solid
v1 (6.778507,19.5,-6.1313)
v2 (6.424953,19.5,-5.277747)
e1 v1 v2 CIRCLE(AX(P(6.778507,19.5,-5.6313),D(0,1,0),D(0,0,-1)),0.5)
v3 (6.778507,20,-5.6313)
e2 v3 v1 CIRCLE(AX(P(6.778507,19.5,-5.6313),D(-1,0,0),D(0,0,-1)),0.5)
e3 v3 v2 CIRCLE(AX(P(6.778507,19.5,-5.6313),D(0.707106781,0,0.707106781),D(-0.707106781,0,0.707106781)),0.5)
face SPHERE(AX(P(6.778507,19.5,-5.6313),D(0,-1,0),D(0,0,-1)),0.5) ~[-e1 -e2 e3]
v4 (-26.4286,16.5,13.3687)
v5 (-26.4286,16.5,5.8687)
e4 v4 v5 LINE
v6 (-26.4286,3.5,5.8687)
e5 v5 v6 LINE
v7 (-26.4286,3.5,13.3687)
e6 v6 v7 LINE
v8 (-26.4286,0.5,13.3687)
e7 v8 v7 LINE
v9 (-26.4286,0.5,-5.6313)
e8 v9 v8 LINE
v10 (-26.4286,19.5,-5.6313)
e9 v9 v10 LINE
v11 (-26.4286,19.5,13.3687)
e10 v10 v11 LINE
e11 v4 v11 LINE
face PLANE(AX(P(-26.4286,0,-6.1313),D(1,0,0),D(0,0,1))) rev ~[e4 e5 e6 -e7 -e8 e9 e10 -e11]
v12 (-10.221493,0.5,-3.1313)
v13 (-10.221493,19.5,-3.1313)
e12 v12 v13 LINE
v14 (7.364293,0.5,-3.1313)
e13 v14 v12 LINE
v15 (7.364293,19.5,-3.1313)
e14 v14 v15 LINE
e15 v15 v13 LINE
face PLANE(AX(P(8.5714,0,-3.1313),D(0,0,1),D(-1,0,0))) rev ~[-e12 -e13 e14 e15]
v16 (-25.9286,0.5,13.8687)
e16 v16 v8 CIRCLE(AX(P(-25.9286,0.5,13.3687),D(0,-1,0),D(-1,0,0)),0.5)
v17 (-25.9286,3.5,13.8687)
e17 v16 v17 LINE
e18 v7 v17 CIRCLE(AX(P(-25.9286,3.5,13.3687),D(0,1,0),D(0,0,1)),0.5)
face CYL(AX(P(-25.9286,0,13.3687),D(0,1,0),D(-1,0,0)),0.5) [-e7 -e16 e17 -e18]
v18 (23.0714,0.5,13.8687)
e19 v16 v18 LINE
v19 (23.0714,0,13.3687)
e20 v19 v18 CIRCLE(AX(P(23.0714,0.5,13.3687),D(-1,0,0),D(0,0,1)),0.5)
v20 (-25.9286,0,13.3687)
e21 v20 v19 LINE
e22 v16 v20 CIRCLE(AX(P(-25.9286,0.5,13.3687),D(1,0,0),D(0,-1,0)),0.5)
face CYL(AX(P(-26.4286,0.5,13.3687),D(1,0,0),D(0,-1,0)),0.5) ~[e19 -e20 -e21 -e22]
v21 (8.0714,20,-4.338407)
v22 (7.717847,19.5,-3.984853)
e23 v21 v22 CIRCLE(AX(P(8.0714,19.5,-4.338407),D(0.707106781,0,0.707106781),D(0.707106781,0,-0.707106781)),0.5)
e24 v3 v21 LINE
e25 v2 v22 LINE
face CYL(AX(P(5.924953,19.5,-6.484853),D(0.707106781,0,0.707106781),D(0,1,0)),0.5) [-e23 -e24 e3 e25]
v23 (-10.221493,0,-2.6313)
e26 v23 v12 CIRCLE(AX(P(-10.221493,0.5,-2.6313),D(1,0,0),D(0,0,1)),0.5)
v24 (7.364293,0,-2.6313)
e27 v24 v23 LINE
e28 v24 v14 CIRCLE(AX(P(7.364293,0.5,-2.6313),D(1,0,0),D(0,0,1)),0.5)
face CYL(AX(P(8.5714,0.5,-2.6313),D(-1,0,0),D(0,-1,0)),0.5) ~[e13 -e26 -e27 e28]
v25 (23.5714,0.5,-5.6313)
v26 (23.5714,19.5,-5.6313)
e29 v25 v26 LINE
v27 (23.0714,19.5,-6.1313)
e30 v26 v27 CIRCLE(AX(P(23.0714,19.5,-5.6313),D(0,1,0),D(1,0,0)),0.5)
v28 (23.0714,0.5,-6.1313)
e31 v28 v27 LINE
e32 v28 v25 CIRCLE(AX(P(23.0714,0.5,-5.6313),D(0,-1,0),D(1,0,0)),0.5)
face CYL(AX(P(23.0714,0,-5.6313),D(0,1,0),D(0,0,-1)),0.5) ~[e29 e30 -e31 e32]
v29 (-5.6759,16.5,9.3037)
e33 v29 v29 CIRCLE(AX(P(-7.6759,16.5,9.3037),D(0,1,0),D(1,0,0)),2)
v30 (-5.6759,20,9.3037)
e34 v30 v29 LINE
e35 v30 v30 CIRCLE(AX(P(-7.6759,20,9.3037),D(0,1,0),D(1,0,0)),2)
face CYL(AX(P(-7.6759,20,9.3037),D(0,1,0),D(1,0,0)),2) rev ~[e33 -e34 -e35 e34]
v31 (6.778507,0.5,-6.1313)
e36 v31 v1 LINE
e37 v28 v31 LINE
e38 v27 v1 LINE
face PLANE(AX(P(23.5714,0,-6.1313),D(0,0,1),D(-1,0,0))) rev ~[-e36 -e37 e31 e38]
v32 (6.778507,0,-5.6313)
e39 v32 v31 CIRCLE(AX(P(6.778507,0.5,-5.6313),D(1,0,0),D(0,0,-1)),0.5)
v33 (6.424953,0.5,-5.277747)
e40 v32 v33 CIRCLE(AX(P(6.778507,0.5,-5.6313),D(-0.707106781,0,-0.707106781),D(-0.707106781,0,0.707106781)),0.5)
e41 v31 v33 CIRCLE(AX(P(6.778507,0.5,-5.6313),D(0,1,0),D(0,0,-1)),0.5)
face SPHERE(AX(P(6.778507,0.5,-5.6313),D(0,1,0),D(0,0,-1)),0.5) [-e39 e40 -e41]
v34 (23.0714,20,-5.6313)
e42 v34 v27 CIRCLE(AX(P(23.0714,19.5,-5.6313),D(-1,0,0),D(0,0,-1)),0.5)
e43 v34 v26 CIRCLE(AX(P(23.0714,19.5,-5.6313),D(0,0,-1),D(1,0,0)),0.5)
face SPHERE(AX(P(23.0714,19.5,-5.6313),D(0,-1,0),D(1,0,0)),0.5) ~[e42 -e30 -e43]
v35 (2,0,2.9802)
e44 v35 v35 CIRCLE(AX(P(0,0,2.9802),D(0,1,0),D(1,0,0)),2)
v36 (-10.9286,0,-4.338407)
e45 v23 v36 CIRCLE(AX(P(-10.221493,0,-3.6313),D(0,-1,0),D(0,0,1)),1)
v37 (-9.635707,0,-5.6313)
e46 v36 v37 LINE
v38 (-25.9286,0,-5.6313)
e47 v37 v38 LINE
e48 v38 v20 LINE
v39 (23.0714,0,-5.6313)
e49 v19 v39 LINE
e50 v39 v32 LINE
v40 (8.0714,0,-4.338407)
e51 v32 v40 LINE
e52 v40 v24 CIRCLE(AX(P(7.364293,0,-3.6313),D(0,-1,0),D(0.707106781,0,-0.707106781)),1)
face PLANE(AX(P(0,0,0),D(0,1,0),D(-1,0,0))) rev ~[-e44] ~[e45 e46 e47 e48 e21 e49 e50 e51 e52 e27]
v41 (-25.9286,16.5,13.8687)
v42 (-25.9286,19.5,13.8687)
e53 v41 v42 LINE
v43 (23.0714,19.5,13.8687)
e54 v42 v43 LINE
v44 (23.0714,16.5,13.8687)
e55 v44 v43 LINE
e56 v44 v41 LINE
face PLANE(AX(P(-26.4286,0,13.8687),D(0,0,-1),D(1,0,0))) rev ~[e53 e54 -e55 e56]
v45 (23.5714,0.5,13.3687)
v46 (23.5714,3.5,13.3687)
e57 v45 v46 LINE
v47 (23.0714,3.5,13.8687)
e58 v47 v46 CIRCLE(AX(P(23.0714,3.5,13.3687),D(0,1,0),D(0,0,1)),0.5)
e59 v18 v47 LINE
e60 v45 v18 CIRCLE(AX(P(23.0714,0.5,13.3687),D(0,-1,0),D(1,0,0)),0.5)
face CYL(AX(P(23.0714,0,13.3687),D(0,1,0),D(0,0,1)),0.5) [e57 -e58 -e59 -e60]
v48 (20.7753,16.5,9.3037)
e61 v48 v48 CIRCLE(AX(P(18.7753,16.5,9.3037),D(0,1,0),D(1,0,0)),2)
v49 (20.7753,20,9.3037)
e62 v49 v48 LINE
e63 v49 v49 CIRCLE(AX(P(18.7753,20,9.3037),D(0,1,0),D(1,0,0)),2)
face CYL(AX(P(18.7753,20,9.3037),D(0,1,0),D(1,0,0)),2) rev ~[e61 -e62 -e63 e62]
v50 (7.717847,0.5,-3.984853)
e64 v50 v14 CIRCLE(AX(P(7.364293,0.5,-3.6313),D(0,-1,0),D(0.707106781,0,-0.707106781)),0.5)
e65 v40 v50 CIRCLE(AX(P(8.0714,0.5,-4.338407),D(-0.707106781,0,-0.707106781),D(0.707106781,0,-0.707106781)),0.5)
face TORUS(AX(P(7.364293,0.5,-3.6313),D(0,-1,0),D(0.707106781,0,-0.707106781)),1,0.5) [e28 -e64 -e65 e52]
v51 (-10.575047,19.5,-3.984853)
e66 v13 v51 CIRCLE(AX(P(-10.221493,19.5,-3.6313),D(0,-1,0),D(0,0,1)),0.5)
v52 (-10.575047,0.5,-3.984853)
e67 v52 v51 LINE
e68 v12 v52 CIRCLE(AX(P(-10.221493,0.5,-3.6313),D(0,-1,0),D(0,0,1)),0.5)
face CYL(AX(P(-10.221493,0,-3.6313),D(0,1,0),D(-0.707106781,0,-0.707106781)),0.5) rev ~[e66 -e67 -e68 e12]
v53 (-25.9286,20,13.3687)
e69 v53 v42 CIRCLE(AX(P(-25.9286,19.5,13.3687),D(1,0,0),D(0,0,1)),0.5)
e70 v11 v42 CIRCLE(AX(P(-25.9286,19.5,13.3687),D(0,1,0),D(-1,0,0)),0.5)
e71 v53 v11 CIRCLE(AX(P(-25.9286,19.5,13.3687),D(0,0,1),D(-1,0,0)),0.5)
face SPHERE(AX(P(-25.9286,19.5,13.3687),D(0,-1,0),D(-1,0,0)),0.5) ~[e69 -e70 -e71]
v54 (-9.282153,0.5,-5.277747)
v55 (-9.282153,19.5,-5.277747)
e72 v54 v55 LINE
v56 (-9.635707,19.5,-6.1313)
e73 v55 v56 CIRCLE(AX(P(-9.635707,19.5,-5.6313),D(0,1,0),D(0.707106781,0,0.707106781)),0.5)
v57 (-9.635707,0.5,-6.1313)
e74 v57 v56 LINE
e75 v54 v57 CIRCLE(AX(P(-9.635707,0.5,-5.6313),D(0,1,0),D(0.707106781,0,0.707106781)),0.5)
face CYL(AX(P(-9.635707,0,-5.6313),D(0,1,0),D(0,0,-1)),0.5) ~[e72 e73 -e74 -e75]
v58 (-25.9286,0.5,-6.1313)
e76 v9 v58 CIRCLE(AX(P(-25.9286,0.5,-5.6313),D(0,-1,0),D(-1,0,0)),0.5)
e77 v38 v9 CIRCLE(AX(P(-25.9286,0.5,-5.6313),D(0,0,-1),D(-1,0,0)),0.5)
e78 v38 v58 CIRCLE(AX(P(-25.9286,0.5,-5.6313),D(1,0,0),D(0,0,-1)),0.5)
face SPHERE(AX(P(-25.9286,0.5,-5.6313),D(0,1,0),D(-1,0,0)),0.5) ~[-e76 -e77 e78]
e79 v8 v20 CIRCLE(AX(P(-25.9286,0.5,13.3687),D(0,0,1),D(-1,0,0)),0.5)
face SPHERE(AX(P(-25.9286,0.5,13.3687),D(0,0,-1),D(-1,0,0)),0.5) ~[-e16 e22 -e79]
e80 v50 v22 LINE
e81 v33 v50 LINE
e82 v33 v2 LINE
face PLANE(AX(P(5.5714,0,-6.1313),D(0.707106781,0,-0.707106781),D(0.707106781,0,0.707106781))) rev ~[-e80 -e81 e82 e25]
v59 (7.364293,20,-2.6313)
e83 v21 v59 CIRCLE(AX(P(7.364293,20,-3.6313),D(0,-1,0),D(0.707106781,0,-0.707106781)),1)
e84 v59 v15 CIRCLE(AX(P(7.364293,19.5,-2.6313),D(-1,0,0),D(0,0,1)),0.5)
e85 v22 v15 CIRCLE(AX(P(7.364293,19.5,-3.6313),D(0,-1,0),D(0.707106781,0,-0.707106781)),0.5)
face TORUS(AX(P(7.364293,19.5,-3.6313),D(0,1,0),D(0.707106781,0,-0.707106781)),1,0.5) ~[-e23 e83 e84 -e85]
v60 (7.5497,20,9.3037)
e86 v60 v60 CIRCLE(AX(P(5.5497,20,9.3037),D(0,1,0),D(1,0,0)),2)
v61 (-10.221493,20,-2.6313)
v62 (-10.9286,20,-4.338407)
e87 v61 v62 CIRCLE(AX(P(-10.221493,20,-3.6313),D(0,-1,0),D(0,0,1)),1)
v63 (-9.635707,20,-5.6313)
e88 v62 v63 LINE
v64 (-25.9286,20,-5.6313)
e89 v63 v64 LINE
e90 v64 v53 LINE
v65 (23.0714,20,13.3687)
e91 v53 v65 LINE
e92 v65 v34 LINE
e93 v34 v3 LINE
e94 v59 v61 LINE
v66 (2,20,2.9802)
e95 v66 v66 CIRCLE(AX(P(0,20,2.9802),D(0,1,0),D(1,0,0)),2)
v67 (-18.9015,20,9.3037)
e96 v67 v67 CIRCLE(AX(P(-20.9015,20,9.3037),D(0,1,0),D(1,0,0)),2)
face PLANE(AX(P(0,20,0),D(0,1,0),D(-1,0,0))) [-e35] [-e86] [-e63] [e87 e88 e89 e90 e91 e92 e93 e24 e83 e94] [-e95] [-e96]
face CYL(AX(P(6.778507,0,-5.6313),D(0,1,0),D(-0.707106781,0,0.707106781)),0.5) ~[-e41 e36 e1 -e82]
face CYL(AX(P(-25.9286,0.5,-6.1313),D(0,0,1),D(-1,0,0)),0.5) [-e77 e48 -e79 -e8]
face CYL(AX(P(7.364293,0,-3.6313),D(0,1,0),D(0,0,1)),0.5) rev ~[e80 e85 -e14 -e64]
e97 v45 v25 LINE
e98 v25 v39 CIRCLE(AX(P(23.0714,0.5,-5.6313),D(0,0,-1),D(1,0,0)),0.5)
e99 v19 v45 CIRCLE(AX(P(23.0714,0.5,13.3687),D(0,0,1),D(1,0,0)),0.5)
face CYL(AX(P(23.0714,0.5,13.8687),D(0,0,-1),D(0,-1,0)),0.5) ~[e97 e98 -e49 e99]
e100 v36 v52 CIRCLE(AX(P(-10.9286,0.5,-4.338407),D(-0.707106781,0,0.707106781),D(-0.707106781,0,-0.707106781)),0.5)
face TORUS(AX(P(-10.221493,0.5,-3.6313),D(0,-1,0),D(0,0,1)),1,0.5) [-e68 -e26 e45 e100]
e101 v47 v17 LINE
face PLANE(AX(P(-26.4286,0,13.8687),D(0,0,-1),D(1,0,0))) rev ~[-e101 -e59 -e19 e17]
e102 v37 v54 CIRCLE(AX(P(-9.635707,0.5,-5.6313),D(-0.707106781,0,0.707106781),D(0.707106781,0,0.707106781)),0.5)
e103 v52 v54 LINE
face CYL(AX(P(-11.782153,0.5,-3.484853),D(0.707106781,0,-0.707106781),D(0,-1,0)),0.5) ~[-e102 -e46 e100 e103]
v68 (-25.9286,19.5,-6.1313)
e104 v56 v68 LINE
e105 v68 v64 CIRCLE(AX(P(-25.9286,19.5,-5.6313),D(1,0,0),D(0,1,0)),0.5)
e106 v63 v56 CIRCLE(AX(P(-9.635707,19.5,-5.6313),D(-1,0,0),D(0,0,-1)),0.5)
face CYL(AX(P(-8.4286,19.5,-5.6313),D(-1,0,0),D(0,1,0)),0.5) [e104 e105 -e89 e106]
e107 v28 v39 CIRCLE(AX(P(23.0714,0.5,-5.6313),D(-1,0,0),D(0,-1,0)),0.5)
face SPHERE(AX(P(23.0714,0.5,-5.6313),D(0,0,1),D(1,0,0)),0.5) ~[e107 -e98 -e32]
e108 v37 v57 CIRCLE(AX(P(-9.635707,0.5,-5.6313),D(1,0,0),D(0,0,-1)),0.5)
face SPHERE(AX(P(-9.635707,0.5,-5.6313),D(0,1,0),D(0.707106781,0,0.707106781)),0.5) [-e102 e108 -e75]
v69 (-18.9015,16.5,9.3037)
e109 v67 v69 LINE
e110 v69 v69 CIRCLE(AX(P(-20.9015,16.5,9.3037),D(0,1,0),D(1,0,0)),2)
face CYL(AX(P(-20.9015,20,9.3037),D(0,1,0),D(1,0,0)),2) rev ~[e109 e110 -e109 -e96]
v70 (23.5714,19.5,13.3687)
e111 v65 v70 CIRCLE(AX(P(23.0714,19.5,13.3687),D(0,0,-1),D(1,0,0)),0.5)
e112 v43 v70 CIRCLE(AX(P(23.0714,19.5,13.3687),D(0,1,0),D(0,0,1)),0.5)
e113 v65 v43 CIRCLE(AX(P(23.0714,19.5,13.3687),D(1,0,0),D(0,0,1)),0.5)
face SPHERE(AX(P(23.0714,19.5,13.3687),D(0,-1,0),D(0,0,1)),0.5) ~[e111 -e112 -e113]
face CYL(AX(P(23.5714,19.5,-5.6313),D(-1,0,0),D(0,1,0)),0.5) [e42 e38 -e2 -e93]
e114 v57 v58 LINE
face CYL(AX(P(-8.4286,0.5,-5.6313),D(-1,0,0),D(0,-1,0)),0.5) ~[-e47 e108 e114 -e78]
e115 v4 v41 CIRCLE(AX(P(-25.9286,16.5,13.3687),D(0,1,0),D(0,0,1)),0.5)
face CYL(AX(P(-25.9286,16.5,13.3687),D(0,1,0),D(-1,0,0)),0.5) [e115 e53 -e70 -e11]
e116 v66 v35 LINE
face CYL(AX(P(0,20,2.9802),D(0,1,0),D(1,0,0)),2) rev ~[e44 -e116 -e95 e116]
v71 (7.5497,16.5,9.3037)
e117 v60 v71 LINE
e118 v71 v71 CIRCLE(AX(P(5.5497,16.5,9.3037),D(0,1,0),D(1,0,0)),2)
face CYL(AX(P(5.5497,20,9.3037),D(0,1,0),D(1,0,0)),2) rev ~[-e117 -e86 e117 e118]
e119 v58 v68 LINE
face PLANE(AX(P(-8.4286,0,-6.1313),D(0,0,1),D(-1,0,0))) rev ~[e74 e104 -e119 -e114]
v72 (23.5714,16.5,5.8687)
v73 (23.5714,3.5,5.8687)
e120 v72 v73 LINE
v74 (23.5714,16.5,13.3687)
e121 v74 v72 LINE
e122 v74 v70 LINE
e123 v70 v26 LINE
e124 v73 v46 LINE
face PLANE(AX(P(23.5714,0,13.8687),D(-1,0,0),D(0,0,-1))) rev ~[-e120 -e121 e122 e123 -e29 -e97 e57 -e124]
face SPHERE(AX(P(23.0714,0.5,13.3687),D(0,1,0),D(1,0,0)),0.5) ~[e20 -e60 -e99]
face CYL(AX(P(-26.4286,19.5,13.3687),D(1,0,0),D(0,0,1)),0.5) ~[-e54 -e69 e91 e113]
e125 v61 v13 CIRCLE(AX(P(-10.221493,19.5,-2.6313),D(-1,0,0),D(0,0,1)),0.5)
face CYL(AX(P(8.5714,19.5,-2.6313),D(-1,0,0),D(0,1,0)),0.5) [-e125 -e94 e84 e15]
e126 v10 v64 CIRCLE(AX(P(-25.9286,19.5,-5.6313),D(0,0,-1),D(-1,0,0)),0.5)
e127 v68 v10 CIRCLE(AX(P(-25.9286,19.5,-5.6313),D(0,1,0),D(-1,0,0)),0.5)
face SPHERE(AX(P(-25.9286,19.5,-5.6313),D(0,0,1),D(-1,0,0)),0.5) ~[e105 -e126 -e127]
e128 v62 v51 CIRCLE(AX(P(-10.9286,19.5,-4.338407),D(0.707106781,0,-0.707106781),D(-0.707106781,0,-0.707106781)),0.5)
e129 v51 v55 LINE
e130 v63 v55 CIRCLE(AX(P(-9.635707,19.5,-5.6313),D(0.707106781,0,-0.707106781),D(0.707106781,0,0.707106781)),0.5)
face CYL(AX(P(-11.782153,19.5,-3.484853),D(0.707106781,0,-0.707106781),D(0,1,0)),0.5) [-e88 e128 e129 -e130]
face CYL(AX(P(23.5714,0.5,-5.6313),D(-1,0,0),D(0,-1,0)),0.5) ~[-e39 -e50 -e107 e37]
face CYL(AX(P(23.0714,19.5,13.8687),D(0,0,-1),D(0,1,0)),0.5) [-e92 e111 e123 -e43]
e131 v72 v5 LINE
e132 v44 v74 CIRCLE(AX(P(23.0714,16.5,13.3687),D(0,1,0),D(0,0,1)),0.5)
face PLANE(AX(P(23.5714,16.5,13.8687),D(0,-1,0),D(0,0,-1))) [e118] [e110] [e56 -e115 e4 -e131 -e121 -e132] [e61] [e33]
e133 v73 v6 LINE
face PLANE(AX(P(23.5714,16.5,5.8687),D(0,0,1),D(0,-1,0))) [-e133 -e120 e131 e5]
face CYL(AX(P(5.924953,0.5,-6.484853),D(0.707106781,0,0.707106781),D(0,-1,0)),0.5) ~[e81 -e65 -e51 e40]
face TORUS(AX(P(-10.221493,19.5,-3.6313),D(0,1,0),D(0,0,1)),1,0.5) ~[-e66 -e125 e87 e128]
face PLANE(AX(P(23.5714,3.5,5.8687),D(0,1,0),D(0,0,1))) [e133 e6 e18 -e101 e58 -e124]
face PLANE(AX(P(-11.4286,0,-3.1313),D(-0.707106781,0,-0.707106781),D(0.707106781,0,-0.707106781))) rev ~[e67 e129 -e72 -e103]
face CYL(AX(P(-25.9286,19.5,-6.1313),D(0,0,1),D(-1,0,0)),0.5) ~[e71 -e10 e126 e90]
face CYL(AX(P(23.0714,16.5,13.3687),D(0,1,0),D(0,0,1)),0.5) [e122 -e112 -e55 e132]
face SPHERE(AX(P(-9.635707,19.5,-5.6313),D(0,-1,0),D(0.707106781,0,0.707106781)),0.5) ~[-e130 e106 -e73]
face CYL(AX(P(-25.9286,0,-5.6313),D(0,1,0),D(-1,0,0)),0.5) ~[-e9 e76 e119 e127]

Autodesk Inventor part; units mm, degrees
ref_plane "YZ Plane" through (0, 0, 0) normal (1, 0, 0) x (0, 1, 0)
ref_plane "XZ Plane" through (0, 0, 0) normal (0, 1, 0) x (-1, 0, 0)
ref_plane "XY Plane" through (0, 0, 0) normal (0, 0, 1) x (1, 0, 0)
sketch "Sketch1" plane through (0, 0, 0) normal (0, 1, 0) x (-1, 0, 0)
  line L0 (26.4286, 13.8687) -> (-23.5714, 13.8687)
  line L1 (-23.5714, 13.8687) -> (-23.5714, -6.1313)
  line L2 (-23.5714, -6.1313) -> (-5.5714, -6.1313)
  line L3 (-5.5714, -6.1313) -> (-8.5714, -3.1313)
  line L4 (-8.5714, -3.1313) -> (11.4286, -3.1313)
  line L5 (11.4286, -3.1313) -> (8.4286, -6.1313)
  line L6 (8.4286, -6.1313) -> (26.4286, -6.1313)
  line L7 (26.4286, -6.1313) -> (26.4286, 13.8687)
  point P0 (0, 0)
  dimension "d0" = 50
  dimension "d15" = 20
  dimension "d16" = 3
  dimension "d17" = 45
  dimension "d22" = 20
extrude "Extrusion1" add sketch "Sketch1" along normal blind 20
sketch "Sketch2" plane through (23.5714, 0, 13.8687) normal (1, 0, 0) x (0, 0, -1)
  line L0 (0, 0) -> (0, 20) projected
  line L1 (0, 16.5) -> (8, 16.5)
  line L2 (8, 16.5) -> (8, 3.5)
  line L3 (8, 3.5) -> (0, 3.5)
  line L4 (0, 3.5) -> (0, 16.5)
  line L5 (0, 20) -> (20, 20) projected
  line L6 (5.2007, 20) -> (5.2007, 16.5) construction
  line L7 (5.2007, 3.5) -> (5.2007, 0) construction
  line L8 (0, 0) -> (20, 0) projected
  point P0 (13.8687, 0)
  dimension "d5" = 8
  dimension "d6" = 13
extrude "Extrusion2" cut sketch "Sketch2" against normal through all
sketch "Sketch3" plane through (0, 20, 0) normal (0, 1, 0) x (1, 0, 0)
  circle A0 centre (-20.9015, -9.3037) radius 2
  circle A1 centre (-7.6759, -9.3037) radius 2
  circle A2 centre (5.5497, -9.3037) radius 2
  circle A3 centre (18.7753, -9.3037) radius 2
  line L0 (-20.9015, -9.3037) -> (-7.6759, -9.3037) construction
  line L1 (-7.6759, -9.3037) -> (5.5497, -9.3037) construction
  line L2 (5.5497, -9.3037) -> (18.7753, -9.3037) construction
  point P0 (0, 0)
  dimension "d9" = 4
  dimension "d10" = 4
  dimension "d11" = 4
  dimension "d12" = 4
extrude "Extrusion3" cut sketch "Sketch3" against normal blind 5
fillet "Fillet1" radius 0.5 26 edges at (-26.4286, 18.25, 13.8687) (-26.4286, 20, 3.8687) (-26.4286, 10, -6.1313) (-26.4286, 0, 3.8687) (-26.4286, 1.75, 13.8687) (23.5714, 18.25, 13.8687) (-1.4286, 20, 13.8687) (23.5714, 1.75, 13.8687) (23.5714, 0, 3.8687) (23.5714, 10, -6.1313) (23.5714, 20, 3.8687) (-17.4286, 0, -6.1313) (-17.4286, 20, -6.1313) (-8.4286, 10, -6.1313) (-9.9286, 0, -4.6313) (-9.9286, 20, -4.6313) (-11.4286, 10, -3.1313) (-1.4286, 0, -3.1313) (-1.4286, 20, -3.1313) (8.5714, 10, -3.1313) (7.0714, 0, -4.6313) (7.0714, 20, -4.6313) (5.5714, 10, -6.1313) (14.5714, 0, -6.1313) (14.5714, 20, -6.1313) (-1.4286, 0, 13.8687)
sketch "Sketch4" plane through (0, 20, 0) normal (0, 1, 0) x (1, 0, 0)
  circle A0 centre (0, -2.9802) radius 2
  point P0 (0, 0)
  dimension "d19" = 4
extrude "Extrusion4" cut sketch "Sketch4" against normal through all
properties part number "Turning and Facing Holder"
